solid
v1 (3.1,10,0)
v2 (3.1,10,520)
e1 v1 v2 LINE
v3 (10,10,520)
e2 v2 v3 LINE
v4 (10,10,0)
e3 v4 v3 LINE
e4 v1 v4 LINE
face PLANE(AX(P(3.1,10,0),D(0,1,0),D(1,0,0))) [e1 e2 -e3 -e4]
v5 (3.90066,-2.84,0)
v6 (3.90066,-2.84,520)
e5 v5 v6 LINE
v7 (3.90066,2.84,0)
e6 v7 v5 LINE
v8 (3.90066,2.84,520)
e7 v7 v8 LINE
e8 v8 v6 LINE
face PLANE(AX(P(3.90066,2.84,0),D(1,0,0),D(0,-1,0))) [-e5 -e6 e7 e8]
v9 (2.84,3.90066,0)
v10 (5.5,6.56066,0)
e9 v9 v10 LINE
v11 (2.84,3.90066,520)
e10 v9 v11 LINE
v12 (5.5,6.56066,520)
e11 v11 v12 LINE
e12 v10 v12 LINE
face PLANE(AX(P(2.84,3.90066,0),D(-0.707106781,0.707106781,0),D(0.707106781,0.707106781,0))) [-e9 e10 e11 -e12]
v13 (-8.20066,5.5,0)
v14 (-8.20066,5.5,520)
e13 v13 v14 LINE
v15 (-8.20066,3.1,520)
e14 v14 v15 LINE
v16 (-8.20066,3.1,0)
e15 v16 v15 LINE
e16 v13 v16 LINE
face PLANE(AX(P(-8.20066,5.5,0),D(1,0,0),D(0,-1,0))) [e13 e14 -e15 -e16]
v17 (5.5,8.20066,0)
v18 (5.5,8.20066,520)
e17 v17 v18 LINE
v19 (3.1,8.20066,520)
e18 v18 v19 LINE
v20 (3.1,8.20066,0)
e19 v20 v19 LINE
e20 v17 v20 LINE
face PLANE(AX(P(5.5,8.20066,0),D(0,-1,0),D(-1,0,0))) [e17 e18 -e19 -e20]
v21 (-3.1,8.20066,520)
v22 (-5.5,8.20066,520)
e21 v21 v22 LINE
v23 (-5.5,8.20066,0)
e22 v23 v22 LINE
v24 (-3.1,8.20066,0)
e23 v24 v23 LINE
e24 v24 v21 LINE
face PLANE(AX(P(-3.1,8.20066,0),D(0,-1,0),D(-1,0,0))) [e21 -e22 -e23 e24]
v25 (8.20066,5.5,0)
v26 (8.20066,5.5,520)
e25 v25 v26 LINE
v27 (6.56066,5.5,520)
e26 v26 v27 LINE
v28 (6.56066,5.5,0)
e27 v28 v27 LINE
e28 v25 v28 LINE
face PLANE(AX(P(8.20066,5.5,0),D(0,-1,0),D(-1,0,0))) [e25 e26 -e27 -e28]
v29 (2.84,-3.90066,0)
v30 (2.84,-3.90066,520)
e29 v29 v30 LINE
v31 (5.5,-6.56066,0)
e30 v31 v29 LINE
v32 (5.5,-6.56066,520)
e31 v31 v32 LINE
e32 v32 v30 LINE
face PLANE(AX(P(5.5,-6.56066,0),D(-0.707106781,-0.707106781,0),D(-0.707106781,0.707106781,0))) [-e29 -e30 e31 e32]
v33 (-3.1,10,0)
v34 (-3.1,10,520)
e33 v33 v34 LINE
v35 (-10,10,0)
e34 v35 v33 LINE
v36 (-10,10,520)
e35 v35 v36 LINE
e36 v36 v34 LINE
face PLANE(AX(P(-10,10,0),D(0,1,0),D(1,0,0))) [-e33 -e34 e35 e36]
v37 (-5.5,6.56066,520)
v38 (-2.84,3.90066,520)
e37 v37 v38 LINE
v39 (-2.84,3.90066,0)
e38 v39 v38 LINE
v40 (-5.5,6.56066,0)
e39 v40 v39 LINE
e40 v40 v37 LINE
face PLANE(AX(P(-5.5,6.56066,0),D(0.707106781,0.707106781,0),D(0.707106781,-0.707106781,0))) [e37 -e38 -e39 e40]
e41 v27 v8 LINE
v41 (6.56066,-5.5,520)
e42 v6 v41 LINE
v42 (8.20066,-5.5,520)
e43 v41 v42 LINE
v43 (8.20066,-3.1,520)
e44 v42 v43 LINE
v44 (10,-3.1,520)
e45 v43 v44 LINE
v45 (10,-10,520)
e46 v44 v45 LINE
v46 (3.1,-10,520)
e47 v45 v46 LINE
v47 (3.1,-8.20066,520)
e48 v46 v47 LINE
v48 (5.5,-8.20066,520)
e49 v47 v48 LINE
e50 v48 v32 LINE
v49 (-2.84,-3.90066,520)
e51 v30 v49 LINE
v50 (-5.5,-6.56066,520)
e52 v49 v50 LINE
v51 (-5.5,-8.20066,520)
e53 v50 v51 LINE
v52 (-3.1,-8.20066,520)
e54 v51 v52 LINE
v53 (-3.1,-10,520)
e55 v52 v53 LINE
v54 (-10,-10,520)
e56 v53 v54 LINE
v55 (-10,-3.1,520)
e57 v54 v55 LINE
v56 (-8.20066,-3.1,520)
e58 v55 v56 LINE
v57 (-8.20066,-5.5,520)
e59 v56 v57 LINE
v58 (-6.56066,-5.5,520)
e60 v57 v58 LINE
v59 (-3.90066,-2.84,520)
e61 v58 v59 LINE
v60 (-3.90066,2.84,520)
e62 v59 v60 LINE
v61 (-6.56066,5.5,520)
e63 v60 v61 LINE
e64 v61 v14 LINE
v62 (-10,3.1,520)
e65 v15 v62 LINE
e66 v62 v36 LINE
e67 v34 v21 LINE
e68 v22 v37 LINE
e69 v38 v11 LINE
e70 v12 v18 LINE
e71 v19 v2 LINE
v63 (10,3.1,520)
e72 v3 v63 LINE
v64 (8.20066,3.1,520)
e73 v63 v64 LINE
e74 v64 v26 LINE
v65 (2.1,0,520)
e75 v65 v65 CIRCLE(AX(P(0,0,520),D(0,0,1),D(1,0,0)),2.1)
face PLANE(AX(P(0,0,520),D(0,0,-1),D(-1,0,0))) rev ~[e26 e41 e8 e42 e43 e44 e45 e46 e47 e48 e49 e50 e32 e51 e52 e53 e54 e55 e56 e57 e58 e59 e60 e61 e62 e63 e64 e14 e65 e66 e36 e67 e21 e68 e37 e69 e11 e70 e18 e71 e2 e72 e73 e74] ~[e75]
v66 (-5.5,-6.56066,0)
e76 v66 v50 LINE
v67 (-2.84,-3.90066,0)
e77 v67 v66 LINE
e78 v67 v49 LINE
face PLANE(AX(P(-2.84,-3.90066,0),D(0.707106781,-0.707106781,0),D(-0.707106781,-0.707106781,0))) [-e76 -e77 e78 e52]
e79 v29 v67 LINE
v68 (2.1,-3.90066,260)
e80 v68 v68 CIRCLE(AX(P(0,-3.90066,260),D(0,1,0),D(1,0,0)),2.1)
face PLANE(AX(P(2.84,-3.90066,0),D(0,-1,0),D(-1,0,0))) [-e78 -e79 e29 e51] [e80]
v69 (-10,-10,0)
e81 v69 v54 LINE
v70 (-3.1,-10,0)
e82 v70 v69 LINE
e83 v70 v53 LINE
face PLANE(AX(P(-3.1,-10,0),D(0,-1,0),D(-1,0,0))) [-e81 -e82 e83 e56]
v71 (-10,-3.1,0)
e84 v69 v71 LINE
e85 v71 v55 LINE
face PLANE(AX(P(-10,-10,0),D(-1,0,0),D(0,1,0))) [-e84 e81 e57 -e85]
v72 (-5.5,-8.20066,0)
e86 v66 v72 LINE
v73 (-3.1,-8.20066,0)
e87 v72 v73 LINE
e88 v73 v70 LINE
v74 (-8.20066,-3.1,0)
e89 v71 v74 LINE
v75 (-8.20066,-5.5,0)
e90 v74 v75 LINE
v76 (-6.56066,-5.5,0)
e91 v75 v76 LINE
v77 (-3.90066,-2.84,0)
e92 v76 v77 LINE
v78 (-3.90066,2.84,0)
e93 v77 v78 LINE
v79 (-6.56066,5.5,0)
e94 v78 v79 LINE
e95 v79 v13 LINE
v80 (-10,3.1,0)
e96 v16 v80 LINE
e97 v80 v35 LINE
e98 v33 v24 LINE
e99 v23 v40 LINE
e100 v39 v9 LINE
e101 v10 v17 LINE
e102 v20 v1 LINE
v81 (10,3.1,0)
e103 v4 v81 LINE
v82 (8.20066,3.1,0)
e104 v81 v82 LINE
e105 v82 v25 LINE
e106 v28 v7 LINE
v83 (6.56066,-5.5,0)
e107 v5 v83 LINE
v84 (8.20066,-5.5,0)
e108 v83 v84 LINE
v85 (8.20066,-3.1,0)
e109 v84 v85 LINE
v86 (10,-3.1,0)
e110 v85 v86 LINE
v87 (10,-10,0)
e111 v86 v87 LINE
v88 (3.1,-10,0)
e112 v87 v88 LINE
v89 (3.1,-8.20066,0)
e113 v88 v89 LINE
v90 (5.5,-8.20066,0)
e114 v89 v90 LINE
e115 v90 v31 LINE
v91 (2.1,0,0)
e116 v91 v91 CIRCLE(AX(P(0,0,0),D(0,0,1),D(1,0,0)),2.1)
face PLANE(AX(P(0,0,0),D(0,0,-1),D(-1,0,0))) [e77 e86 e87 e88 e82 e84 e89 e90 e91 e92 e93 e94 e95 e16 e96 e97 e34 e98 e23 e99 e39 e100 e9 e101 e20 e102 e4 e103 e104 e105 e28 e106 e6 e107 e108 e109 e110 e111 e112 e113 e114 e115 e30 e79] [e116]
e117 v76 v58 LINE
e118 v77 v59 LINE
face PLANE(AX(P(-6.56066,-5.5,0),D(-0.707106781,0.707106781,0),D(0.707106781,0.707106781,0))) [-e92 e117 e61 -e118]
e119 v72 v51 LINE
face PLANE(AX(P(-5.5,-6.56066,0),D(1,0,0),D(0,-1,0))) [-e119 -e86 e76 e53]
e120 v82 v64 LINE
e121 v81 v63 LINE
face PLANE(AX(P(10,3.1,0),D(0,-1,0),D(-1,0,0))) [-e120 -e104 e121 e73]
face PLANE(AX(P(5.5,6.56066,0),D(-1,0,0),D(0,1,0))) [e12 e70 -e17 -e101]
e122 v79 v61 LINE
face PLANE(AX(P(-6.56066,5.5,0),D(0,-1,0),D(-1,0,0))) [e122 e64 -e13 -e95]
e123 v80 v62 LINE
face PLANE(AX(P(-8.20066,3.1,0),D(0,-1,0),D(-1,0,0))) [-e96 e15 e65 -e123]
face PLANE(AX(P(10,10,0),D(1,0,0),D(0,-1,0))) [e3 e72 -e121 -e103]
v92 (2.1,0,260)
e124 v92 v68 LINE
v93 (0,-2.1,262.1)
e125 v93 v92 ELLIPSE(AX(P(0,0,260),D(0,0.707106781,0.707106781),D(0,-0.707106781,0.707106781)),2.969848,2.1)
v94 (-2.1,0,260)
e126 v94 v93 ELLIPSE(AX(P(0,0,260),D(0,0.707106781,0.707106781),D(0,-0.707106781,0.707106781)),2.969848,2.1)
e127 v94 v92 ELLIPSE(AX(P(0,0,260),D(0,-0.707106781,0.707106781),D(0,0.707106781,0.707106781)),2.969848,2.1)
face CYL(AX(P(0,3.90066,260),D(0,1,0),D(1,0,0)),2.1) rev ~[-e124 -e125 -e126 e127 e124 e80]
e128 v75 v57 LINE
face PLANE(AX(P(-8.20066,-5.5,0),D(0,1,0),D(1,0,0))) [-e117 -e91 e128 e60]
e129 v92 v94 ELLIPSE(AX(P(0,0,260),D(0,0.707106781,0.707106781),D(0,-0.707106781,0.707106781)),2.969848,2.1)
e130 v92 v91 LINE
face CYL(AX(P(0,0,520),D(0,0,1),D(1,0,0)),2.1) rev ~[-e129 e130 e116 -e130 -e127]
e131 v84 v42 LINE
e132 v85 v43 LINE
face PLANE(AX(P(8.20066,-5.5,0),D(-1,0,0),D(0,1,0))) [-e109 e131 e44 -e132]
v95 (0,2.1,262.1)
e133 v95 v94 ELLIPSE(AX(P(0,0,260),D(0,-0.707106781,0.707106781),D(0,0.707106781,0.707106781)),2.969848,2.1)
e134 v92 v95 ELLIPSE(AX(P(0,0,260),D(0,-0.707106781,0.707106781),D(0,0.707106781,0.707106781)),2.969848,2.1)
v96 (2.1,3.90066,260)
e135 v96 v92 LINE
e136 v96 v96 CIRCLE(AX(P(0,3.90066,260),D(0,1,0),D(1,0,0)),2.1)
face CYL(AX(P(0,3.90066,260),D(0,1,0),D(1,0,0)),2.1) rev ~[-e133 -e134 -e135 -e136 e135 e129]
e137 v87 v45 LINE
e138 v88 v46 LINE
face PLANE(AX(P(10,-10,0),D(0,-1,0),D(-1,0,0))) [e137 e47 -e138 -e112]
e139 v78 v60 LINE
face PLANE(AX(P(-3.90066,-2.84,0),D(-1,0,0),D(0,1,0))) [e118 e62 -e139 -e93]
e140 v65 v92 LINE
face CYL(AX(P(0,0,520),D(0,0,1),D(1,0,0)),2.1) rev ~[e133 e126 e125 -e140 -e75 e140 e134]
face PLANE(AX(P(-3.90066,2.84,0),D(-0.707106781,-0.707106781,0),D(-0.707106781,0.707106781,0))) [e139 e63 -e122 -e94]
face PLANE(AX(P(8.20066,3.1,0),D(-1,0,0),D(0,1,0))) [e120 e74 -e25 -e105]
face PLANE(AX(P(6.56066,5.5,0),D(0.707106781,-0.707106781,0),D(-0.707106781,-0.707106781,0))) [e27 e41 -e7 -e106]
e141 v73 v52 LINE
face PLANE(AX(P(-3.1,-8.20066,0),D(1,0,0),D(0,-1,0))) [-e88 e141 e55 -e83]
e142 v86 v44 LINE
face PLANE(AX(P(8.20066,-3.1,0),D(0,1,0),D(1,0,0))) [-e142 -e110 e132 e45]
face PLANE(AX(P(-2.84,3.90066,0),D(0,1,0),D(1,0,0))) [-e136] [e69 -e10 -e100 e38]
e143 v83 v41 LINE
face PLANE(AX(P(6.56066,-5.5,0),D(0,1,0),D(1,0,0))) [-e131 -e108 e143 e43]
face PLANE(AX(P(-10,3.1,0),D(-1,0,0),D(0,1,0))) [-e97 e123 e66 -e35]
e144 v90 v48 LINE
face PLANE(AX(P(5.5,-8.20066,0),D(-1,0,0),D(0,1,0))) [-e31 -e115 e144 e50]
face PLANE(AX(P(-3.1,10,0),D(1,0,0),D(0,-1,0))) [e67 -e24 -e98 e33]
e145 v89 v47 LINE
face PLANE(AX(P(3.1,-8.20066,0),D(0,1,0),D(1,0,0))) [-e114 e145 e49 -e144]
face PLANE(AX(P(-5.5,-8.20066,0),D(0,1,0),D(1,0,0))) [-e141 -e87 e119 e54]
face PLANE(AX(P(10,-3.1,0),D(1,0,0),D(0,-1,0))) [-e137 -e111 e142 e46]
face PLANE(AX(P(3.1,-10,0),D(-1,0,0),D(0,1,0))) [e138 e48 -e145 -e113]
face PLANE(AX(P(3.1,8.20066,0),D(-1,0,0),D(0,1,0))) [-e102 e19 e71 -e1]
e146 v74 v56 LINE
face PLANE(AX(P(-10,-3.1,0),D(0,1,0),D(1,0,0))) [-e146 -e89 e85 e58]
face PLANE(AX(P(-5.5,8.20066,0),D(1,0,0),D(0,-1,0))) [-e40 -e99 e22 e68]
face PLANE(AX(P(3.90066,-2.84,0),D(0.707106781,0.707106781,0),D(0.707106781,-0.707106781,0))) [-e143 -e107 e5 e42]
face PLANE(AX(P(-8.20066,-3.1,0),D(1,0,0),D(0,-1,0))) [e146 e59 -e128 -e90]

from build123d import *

# Parameters (mm, degrees)
BOSS_EXTRUDE1_DEPTH = 520
SKETCH2_R           = 2.1
CUT_EXTRUDE1_DEPTH  = 521
SKETCH3_R           = 2.1
CUT_EXTRUDE2_DEPTH  = 14.900660172


with BuildPart() as part:
    # Sketch1 → Boss-Extrude1 (new body)
    with BuildSketch(Plane.XY):
        Polygon((-3.1, 10), (-3.1, 8.200660172), (-5.5, 8.200660172), (-5.5, 6.560660172), (-2.84, 3.900660172), (2.84, 3.900660172), (5.5, 6.560660172), (5.5, 8.200660172), (3.1, 8.200660172), (3.1, 10), (10, 10), (10, 3.1), (8.200660172, 3.1), (8.200660172, 5.5), (6.560660172, 5.5), (3.900660172, 2.84), (3.900660172, -2.84), (6.560660172, -5.5), (8.200660172, -5.5), (8.200660172, -3.1), (10, -3.1), (10, -10), (3.1, -10), (3.1, -8.200660172), (5.5, -8.200660172), (5.5, -6.560660172), (2.84, -3.900660172), (-2.84, -3.900660172), (-5.5, -6.560660172), (-5.5, -8.200660172), (-3.1, -8.200660172), (-3.1, -10), (-10, -10), (-10, -3.1), (-8.200660172, -3.1), (-8.200660172, -5.5), (-6.560660172, -5.5), (-3.900660172, -2.84), (-3.900660172, 2.84), (-6.560660172, 5.5), (-8.200660172, 5.5), (-8.200660172, 3.1), (-10, 3.1), (-10, 10), align=None)
    extrude(amount=BOSS_EXTRUDE1_DEPTH)

    # Sketch2 → Cut-Extrude1 (cut, through all)
    with BuildSketch(Plane.XY.offset(520)):
        Circle(SKETCH2_R)
    extrude(amount=-CUT_EXTRUDE1_DEPTH, mode=Mode.SUBTRACT)

    # Sketch3 → Cut-Extrude2 (cut, through all)
    with BuildSketch(Plane(origin=(0, 3.900660172, 0), x_dir=(1, 0, 0), z_dir=(0, 1, 0))):
        with Locations((0, -260)):
            Circle(SKETCH3_R)
    extrude(amount=-CUT_EXTRUDE2_DEPTH, mode=Mode.SUBTRACT)


solid = part.part
